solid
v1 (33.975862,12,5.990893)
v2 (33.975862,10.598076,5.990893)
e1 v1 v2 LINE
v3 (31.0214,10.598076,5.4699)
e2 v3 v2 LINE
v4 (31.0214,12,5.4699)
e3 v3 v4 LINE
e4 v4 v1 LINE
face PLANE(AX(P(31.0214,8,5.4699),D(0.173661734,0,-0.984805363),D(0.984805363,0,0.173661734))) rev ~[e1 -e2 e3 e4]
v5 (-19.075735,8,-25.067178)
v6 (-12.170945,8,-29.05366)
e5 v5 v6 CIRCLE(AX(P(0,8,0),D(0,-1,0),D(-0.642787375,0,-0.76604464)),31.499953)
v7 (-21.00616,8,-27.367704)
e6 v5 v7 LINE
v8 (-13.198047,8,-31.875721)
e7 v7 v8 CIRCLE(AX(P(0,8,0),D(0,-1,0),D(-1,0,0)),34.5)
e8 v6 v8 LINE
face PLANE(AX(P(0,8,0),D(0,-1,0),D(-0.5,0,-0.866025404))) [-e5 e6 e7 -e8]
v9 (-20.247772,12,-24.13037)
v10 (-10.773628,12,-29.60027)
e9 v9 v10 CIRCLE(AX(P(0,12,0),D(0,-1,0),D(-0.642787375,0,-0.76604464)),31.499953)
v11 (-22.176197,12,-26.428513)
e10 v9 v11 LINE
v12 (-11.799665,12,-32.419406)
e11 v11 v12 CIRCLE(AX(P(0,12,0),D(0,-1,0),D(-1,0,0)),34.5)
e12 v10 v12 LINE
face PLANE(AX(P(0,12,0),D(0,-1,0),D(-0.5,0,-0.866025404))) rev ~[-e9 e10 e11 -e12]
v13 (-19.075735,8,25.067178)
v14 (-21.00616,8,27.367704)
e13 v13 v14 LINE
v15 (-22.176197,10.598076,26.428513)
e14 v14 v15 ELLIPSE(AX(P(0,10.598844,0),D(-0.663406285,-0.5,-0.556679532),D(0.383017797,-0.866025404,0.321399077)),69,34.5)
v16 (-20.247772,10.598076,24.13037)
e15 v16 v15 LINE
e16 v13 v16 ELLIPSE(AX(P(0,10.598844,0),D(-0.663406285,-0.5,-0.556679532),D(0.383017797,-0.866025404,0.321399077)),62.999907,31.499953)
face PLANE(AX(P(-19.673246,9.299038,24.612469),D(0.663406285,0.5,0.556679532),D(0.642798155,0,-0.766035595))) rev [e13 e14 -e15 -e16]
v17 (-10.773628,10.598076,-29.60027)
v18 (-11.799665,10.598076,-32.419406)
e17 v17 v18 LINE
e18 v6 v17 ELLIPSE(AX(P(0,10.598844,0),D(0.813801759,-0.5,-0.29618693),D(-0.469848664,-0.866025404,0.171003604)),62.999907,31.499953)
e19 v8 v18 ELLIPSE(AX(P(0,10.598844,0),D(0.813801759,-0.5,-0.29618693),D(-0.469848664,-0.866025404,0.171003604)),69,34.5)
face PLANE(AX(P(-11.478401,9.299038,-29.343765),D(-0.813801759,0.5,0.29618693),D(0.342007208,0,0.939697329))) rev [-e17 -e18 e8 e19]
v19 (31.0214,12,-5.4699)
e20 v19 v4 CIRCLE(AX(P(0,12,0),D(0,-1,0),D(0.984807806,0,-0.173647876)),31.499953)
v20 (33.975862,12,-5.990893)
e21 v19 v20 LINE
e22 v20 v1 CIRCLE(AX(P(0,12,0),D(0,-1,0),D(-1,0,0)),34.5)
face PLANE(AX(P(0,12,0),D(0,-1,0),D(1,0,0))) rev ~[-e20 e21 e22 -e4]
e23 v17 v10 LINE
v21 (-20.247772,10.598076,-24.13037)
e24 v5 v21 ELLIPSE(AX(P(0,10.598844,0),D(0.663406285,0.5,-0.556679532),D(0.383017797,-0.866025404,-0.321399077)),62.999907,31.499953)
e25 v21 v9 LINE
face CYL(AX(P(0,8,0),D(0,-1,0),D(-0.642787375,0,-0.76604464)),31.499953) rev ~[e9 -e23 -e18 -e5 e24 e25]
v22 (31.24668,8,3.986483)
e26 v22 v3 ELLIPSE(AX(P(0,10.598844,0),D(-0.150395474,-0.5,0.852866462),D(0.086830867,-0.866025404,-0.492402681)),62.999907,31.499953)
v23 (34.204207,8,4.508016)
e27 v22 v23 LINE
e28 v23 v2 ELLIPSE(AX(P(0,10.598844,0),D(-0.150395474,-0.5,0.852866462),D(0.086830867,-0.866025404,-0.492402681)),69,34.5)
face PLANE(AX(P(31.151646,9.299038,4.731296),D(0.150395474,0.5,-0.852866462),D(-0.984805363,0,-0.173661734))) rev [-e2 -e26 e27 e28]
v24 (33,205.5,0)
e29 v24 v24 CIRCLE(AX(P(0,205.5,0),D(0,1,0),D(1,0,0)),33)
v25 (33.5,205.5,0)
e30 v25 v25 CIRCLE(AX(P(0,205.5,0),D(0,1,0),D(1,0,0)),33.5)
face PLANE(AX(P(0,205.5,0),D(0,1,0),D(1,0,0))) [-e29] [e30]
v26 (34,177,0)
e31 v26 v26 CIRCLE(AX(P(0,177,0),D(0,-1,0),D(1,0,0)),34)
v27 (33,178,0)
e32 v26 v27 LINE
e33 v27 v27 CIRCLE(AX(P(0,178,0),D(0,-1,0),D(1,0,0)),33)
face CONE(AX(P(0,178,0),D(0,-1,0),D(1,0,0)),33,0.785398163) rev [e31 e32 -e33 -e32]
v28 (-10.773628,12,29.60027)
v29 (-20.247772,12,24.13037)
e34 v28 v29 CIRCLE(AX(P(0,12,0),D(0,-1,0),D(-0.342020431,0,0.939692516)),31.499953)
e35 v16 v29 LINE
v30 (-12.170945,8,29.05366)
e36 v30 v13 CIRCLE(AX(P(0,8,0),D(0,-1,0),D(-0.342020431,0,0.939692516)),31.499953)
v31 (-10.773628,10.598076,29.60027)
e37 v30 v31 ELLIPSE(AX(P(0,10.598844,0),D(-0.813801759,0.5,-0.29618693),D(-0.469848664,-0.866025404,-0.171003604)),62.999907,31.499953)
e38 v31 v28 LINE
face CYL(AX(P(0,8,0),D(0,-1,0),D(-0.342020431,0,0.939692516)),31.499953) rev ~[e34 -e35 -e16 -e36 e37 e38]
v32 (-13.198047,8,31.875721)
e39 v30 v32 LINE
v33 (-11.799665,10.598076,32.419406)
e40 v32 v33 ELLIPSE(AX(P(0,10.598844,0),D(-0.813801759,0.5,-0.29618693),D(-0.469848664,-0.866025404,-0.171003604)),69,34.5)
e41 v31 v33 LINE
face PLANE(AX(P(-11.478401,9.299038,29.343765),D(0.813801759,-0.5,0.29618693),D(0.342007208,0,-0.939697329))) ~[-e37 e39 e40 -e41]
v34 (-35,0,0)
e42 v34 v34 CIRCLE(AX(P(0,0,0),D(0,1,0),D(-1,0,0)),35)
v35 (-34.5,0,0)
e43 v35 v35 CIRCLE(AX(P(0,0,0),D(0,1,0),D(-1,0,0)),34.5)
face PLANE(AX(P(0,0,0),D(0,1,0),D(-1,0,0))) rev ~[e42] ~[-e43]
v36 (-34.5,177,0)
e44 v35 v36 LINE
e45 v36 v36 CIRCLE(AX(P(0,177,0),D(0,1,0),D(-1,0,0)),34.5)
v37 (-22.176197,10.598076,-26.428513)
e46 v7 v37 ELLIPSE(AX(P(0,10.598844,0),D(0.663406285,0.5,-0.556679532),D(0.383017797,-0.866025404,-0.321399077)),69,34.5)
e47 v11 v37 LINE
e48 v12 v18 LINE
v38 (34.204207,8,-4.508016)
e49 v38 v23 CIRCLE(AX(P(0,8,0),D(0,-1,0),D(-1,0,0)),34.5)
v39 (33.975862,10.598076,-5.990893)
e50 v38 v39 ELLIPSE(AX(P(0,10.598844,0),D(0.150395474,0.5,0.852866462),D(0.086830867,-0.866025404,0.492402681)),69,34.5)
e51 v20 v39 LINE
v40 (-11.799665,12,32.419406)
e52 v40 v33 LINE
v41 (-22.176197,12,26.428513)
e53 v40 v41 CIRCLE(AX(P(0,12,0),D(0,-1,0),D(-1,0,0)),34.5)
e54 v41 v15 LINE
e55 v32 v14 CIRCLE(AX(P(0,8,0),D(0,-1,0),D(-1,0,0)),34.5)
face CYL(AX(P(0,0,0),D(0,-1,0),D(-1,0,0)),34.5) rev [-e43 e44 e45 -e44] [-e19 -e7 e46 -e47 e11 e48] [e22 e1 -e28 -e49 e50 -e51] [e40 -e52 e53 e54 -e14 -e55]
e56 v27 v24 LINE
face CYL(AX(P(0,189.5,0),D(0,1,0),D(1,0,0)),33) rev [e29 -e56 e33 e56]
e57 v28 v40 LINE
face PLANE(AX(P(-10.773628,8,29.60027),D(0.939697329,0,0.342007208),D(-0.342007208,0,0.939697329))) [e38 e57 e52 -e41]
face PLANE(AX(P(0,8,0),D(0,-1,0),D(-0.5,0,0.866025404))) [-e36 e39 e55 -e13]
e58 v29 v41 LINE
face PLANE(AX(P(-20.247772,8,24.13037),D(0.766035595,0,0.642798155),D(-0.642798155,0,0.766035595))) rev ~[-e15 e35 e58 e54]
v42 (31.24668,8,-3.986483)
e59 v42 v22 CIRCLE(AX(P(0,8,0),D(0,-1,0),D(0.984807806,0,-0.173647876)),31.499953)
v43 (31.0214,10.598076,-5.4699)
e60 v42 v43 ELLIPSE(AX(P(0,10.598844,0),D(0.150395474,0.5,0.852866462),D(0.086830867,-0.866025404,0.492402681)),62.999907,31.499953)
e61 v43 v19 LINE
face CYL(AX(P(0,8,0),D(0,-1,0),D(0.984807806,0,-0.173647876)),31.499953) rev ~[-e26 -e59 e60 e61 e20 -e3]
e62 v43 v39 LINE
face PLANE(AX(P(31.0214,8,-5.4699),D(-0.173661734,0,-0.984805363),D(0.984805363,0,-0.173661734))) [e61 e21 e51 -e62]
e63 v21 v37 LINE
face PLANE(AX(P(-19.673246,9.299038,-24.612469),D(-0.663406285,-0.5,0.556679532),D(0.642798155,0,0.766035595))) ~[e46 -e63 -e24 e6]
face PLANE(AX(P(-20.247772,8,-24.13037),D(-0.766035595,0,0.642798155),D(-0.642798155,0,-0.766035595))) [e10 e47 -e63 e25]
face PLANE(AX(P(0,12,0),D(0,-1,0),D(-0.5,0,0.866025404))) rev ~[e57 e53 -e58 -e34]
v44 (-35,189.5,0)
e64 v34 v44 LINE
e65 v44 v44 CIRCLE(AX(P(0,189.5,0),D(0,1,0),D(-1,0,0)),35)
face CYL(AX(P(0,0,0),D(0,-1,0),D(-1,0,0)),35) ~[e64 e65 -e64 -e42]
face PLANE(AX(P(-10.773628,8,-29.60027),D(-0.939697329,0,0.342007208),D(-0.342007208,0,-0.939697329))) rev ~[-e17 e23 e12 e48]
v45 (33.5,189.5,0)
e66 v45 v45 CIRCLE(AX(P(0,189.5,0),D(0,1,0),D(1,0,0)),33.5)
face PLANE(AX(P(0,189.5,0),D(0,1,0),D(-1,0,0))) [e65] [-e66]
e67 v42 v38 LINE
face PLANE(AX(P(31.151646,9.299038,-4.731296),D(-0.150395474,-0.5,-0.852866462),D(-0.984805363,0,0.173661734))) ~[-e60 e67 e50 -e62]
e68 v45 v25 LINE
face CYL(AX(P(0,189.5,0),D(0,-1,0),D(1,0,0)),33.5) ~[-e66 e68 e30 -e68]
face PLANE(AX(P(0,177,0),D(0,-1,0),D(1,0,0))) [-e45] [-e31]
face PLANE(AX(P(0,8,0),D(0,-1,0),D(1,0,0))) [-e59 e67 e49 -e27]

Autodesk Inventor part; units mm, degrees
sketch "Sketch1" plane through (0, 0, 0) normal (0, 1, 0) x (-1, 0, 0)
  circle A0 centre (0, 0) radius 35
  circle A1 centre (0, 0) radius 34.5
  dimension "d0" = 70
  dimension "d1" = 69
extrude "Extrusion1" add sketch "Sketch1" along normal blind 189.5
ref_plane "Work Plane2" through (35, 0, 0) normal (1, 0, 0) x (0, 1, 0)
sketch "Sketch5" plane through (0, 189.5, 0) normal (0, 1, 0) x (1, 0, 0)
  circle A0 centre (0, 0) radius 33.5
  circle A1 centre (0, 0) radius 33
  dimension "d44" = 67
  dimension "d45" = 66
extrude "Extrusion3" add sketch "Sketch5" along normal blind 16
sketch "Sketch6" plane through (0, 189.5, 0) normal (0, -1, 0) x (1, 0, 0)
  circle A0 centre (0, 0) radius 33
  circle A1 centre (0, 0) radius 34.5 projected
  circle A2 centre (0, 0) radius 34.5
  dimension "d112" = 66
  dimension "d113" = 69
extrude "Extrusion4" add sketch "Sketch6" along normal blind 12.5
ref_plane "Work Plane4" through (34, 0, 0) normal (1, 0, 0) x (0, 1, 0)
ref_plane "Work Plane5" through (0, 8, 0) normal (0, -1, 0) x (1, 0, 0)
sketch "Sketch11" plane through (0, 8, 0) normal (0, -1, 0) x (1, 0, 0)
  line L0 (0, 0) -> (37.8059, -6.6662) construction
  line L1 (37.8059, 6.6662) -> (0, 0) construction
  line L2 (0, 0) -> (37.8692, 0) construction
  arc A0 (33.9759, -5.9909) -> (33.9759, 5.9909) centre (0, 0) ccw
  arc A1 (31.0214, -5.4699) -> (31.0214, 5.4699) centre (0, 0) ccw
  line L3 (31.0214, 5.4699) -> (33.9759, 5.9909)
  line L4 (31.0214, -5.4699) -> (33.9759, -5.9909)
  dimension "d94" = 10
  dimension "d95" = 10
  dimension "d96" = 34.5
  dimension "d97" = 31.5
extrude "Extrusion5" add sketch "Sketch11" against normal blind 4
chamfer "Chamfer1" distance 1.5 angle 60 2 edges at (32.4987, 8, -5.7304) (32.4987, 8, 5.7304) measured on face at (33.4433, 8, -0.6105)
pattern_circular "Circular Pattern4" count 3 over 360 about axis through (0, 0, 0) along (0, 1, 0) of "Extrusion5", "Chamfer1"
ref_plane "Work Plane6" through (0, 25, 0) normal (0, -1, 0) x (1, 0, 0)
chamfer "Chamfer2" distance 1 angle 45 1 edges at (-33, 177, 0)
properties part number "Engine skin" material "Plastic, Opaque White"
